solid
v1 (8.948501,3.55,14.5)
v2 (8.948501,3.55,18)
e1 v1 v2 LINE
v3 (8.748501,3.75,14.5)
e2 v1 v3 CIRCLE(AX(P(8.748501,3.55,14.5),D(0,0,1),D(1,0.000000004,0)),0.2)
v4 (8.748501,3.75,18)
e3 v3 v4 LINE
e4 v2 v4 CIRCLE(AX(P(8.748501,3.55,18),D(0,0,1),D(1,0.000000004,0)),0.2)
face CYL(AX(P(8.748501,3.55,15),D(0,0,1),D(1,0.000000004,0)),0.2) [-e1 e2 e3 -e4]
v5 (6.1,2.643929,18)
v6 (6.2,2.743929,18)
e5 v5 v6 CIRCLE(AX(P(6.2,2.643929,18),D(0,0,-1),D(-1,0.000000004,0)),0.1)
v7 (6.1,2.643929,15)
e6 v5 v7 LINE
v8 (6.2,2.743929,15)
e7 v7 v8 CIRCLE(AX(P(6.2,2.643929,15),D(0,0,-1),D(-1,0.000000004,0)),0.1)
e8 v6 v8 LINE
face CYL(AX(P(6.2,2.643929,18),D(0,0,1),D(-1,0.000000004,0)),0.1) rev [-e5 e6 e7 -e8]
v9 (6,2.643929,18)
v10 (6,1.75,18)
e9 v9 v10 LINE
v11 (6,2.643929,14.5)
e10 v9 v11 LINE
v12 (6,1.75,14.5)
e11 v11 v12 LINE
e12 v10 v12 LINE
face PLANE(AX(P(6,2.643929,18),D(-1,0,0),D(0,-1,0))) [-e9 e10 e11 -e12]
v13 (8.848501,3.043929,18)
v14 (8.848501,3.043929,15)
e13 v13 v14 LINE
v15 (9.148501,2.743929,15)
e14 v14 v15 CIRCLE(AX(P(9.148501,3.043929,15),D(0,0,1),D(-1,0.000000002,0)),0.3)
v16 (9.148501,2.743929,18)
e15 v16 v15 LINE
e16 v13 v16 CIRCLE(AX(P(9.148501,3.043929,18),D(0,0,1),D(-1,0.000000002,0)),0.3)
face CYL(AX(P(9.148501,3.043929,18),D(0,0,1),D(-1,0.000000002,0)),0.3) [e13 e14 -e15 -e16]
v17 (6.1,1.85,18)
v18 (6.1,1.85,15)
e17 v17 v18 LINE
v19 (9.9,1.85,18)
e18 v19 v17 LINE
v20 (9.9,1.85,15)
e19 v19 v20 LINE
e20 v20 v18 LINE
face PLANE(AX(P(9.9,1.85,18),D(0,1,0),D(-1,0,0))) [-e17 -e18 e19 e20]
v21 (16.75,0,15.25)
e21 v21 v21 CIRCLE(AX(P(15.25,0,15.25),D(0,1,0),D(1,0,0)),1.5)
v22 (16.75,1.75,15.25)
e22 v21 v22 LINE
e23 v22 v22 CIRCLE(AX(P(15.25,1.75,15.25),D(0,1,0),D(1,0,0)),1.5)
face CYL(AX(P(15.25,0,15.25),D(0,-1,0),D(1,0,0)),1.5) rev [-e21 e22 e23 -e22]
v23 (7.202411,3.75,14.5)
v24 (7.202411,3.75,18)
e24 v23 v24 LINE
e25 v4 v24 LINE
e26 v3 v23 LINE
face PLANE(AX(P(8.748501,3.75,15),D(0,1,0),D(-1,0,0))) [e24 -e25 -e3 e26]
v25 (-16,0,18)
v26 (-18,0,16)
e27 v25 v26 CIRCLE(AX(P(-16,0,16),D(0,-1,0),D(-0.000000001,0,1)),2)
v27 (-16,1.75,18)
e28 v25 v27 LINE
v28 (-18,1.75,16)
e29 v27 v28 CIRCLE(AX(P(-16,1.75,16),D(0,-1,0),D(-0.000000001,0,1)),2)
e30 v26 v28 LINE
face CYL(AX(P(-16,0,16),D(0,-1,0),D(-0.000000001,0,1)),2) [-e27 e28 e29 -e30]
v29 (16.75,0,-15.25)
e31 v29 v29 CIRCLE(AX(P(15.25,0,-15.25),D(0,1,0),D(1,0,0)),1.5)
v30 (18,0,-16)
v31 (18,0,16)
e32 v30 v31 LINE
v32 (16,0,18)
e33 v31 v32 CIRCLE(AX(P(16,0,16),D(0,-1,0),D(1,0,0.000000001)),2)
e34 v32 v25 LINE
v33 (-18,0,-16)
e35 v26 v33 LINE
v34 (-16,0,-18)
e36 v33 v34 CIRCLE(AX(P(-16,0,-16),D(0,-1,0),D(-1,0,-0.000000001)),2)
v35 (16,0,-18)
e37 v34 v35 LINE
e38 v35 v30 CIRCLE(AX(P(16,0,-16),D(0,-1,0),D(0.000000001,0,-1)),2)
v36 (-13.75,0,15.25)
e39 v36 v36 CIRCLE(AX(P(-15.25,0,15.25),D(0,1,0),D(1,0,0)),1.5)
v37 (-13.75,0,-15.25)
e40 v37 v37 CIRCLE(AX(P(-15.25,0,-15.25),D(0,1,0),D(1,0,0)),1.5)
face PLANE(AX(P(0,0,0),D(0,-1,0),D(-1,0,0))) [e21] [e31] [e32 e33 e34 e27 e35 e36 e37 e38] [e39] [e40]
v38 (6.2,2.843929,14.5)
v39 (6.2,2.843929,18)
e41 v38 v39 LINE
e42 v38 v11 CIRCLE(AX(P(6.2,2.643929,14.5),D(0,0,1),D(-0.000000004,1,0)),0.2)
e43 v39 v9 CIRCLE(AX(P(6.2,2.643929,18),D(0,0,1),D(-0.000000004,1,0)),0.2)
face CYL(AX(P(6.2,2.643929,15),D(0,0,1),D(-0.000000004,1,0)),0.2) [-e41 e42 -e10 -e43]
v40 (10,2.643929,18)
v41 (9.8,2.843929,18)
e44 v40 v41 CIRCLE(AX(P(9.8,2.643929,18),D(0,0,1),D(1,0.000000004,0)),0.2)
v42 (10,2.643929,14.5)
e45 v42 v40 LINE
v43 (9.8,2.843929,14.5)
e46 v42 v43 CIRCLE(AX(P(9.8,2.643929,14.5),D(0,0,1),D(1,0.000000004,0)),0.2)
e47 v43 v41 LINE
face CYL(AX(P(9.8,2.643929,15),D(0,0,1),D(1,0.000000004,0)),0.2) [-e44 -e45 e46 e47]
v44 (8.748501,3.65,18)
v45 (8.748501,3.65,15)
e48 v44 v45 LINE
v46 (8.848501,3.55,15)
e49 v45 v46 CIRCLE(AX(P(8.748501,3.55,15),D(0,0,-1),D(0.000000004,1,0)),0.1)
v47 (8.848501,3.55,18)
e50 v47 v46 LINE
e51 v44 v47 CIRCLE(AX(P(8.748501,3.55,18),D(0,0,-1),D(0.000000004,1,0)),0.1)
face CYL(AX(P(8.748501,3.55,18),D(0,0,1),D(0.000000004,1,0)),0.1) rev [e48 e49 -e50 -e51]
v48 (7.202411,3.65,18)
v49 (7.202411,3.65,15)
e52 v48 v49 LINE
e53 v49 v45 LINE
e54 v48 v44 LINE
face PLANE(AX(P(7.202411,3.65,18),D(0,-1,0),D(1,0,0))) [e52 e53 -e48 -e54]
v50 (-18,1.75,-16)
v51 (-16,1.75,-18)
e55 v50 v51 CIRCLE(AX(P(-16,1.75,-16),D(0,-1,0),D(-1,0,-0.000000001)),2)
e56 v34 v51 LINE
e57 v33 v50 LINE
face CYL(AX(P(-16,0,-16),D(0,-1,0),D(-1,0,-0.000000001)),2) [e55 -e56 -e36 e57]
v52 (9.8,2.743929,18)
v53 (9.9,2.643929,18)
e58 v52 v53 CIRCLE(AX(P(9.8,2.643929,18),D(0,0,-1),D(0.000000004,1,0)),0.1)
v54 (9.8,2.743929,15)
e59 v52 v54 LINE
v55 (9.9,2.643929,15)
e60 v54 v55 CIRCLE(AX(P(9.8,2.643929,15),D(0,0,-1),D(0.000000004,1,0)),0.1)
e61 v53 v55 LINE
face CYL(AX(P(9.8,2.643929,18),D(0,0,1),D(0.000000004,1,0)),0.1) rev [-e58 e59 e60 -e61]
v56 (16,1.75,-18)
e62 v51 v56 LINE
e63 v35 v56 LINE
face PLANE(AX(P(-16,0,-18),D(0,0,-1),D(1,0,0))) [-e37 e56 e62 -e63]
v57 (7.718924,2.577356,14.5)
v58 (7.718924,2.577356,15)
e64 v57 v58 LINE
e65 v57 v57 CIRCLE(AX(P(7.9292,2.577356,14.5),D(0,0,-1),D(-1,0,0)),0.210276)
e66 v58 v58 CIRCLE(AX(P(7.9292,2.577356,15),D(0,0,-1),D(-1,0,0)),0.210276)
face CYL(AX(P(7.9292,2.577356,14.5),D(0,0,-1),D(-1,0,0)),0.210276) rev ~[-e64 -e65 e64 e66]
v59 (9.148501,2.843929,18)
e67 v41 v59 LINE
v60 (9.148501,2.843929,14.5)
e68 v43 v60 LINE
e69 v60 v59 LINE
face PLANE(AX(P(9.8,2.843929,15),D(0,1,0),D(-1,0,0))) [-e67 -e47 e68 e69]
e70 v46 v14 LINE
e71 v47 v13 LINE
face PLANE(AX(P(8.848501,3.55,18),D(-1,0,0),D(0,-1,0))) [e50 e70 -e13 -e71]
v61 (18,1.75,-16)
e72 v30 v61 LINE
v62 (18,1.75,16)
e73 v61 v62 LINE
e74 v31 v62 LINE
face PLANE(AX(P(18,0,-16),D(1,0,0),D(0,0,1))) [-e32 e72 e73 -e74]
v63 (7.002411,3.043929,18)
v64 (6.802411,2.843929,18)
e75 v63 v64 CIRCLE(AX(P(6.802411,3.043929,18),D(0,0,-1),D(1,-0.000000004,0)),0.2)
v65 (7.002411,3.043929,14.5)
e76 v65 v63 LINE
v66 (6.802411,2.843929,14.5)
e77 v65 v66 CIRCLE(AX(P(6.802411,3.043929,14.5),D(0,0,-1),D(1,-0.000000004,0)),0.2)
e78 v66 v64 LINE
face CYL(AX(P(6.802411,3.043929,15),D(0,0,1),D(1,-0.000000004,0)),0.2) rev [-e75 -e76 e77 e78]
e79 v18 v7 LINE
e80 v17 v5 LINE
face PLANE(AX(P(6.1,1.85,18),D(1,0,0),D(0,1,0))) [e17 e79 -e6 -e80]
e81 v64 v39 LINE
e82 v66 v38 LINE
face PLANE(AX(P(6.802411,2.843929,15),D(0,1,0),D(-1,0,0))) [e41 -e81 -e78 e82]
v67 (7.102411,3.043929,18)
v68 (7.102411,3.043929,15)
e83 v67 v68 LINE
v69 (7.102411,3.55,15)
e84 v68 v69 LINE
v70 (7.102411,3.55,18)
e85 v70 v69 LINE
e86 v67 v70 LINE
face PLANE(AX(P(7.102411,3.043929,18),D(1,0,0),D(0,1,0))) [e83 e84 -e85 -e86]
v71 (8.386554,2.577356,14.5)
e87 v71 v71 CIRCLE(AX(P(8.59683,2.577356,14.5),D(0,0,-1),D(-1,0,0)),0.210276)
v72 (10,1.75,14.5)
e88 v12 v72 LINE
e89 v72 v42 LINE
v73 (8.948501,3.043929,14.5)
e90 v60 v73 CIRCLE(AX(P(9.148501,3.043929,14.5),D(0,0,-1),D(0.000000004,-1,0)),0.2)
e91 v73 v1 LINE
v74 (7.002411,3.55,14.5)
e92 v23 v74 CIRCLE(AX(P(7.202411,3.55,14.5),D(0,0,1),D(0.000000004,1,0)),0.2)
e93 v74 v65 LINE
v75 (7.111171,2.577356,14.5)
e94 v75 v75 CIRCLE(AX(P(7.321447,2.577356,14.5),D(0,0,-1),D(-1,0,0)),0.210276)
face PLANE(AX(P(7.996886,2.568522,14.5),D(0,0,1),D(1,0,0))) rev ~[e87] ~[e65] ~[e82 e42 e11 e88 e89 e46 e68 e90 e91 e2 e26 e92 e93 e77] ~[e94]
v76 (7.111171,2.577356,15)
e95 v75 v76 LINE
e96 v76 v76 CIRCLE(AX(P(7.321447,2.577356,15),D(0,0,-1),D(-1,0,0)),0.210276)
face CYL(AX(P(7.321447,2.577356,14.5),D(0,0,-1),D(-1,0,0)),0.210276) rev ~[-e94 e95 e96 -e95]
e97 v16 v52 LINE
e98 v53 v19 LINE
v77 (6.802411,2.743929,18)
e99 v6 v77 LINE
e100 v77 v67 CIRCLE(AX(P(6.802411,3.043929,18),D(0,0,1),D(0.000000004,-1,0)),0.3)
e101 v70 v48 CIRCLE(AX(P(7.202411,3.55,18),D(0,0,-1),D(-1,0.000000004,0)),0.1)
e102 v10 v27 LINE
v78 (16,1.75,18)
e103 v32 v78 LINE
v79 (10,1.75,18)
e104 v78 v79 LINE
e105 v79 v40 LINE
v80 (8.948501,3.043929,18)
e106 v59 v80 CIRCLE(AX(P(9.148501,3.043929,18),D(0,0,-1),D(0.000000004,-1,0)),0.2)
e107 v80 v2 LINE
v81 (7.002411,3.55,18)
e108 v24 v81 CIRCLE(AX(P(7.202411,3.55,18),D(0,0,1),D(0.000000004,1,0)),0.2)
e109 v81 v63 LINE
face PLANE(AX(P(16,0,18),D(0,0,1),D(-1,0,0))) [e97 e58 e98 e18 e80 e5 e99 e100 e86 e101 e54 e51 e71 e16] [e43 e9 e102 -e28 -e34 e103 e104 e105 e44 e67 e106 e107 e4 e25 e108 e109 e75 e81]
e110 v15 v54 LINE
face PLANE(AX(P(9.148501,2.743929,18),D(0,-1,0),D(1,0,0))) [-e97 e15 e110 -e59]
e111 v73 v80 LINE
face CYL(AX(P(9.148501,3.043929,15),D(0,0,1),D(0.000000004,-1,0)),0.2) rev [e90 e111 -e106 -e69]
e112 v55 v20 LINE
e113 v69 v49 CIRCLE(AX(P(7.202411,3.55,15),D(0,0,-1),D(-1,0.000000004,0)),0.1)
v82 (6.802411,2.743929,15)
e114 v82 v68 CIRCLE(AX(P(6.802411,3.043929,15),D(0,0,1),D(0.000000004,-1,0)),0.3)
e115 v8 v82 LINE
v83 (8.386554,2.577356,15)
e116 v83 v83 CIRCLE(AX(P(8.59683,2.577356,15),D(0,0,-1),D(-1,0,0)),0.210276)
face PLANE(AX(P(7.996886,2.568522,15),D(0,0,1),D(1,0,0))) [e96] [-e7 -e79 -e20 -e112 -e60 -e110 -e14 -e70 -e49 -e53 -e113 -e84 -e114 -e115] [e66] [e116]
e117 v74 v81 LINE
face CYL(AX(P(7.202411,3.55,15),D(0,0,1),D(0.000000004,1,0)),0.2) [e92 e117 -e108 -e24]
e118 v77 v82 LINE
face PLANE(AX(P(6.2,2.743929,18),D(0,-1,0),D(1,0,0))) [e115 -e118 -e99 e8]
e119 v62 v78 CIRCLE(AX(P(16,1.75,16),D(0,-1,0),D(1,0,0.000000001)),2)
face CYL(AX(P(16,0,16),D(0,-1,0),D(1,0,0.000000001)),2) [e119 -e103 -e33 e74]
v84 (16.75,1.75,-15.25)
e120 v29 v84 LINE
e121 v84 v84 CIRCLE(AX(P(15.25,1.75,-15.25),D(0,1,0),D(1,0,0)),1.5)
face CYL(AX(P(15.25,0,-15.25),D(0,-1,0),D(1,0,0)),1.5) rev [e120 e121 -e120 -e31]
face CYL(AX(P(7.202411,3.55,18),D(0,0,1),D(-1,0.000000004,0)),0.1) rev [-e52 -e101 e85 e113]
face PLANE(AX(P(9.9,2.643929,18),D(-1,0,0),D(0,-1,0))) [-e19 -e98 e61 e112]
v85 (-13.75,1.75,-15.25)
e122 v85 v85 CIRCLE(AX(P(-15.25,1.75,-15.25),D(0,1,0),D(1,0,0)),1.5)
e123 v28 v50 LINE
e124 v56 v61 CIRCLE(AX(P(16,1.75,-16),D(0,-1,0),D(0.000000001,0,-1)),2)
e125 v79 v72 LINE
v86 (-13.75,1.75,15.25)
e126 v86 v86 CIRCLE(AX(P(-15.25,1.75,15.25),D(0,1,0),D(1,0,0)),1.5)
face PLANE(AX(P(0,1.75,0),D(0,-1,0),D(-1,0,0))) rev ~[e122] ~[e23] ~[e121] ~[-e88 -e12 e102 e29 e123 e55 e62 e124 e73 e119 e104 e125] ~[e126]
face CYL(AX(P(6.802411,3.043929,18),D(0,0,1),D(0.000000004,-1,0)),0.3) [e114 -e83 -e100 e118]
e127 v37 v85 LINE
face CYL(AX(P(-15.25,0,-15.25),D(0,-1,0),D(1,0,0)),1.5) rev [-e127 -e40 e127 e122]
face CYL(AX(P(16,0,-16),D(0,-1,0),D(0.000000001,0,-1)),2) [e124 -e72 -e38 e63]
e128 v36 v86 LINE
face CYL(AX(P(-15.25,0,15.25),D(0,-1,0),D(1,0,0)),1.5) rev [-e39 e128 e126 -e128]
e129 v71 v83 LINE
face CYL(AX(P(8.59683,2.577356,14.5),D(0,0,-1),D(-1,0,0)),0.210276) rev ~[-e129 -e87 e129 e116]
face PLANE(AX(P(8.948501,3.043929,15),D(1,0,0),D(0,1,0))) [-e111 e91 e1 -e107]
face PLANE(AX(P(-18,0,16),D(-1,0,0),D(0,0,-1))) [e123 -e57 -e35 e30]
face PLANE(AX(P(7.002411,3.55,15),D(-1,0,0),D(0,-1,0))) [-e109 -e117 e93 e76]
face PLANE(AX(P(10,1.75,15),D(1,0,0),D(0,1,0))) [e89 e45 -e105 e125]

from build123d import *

# Parameters (mm, degrees)
SKETCH1_R           = 1.5
BOSS_EXTRUDE2_DEPTH = 1.75
BOSS_EXTRUDE3_DEPTH = 3
BOSS_EXTRUDE4_DEPTH = 0.5
SKETCH5_R           = 0.210276494
CUT_EXTRUDE1_DEPTH  = 0.5


with BuildPart() as part:
    # Sketch1 → Boss-Extrude2 (new body)
    with BuildSketch(Plane(origin=(0, 0, 0), x_dir=(1, 0, 0), z_dir=(0, 1, 0))):
        with BuildLine():
            Line((-16, 18), (16, 18))
            ThreePointArc((16, 18), (17.414213562, 17.414213562), (18, 16))
            Line((18, 16), (18, -16))
            ThreePointArc((18, -16), (17.414213562, -17.414213562), (16, -18))
            Line((16, -18), (-16, -18))
            ThreePointArc((-16, -18), (-17.414213562, -17.414213562), (-18, -16))
            Line((-18, -16), (-18, 16))
            ThreePointArc((-18, 16), (-17.414213562, 17.414213562), (-16, 18))
        make_face()
        with Locations((-15.25, 15.25)):
            Circle(SKETCH1_R, mode=Mode.SUBTRACT)
        with Locations((15.25, 15.25)):
            Circle(SKETCH1_R, mode=Mode.SUBTRACT)
        with Locations((15.25, -15.25)):
            Circle(SKETCH1_R, mode=Mode.SUBTRACT)
        with Locations((-15.25, -15.25)):
            Circle(SKETCH1_R, mode=Mode.SUBTRACT)
    extrude(amount=BOSS_EXTRUDE2_DEPTH)

    # Sketch3 → Boss-Extrude3 (add)
    with BuildSketch(Plane.XY.offset(18)):
        with BuildLine():
            Line((6, 1.75), (10, 1.75))
            Line((10, 1.75), (10, 2.643928524))
            ThreePointArc((10, 2.643928524), (9.941421356, 2.78534988), (9.8, 2.843928524))
            Line((9.8, 2.843928524), (9.148500836, 2.843928524))
            ThreePointArc((9.148500836, 2.843928524), (9.007079479, 2.902507168), (8.948500836, 3.043928524))
            Line((8.948500836, 3.043928524), (8.948500836, 3.55))
            ThreePointArc((8.948500836, 3.55), (8.889922192, 3.691421356), (8.748500836, 3.75))
            Line((8.748500836, 3.75), (7.202410951, 3.75))
            ThreePointArc((7.202410951, 3.75), (7.060989594, 3.691421356), (7.002410951, 3.55))
            Line((7.002410951, 3.55), (7.002410951, 3.043928524))
            ThreePointArc((7.002410951, 3.043928524), (6.943832307, 2.902507168), (6.802410951, 2.843928524))
            Line((6.802410951, 2.843928524), (6.2, 2.843928524))
            ThreePointArc((6.2, 2.843928524), (6.058578644, 2.78534988), (6, 2.643928524))
            Line((6, 2.643928524), (6, 1.75))
        make_face()
        with BuildLine():
            Line((6.1, 1.85), (6.1, 2.643928524))
            ThreePointArc((6.1, 2.643928524), (6.129289322, 2.714639202), (6.2, 2.743928524))
            Line((6.2, 2.743928524), (6.802410951, 2.743928524))
            ThreePointArc((6.802410951, 2.743928524), (7.014542985, 2.83179649), (7.102410951, 3.043928524))
            Line((7.102410951, 3.043928524), (7.102410951, 3.55))
            ThreePointArc((7.102410951, 3.55), (7.131700273, 3.620710678), (7.202410951, 3.65))
            Line((7.202410951, 3.65), (8.748500836, 3.65))
            ThreePointArc((8.748500836, 3.65), (8.819211514, 3.620710678), (8.848500836, 3.55))
            Line((8.848500836, 3.55), (8.848500836, 3.043928524))
            ThreePointArc((8.848500836, 3.043928524), (8.936368801, 2.83179649), (9.148500836, 2.743928524))
            Line((9.148500836, 2.743928524), (9.8, 2.743928524))
            ThreePointArc((9.8, 2.743928524), (9.870710678, 2.714639202), (9.9, 2.643928524))
            Line((9.9, 2.643928524), (9.9, 1.85))
            Line((9.9, 1.85), (6.1, 1.85))
        make_face(mode=Mode.SUBTRACT)
    extrude(amount=-BOSS_EXTRUDE3_DEPTH)

    # Sketch4 → Boss-Extrude4 (add)
    with BuildSketch(Plane(origin=(0, 0, 15), x_dir=(-1, 0, 0), z_dir=(0, 0, -1))):
        with BuildLine():
            Line((-6, 1.75), (-10, 1.75))
            Line((-10, 1.75), (-10, 2.643928524))
            ThreePointArc((-10, 2.643928524), (-9.941421356, 2.78534988), (-9.8, 2.843928524))
            Line((-9.8, 2.843928524), (-9.148500836, 2.843928524))
            ThreePointArc((-9.148500836, 2.843928524), (-9.007079479, 2.902507168), (-8.948500836, 3.043928524))
            Line((-8.948500836, 3.043928524), (-8.948500836, 3.55))
            ThreePointArc((-8.948500836, 3.55), (-8.889922192, 3.691421356), (-8.748500836, 3.75))
            Line((-8.748500836, 3.75), (-7.202410951, 3.75))
            ThreePointArc((-7.202410951, 3.75), (-7.060989594, 3.691421356), (-7.002410951, 3.55))
            Line((-7.002410951, 3.55), (-7.002410951, 3.043928524))
            ThreePointArc((-7.002410951, 3.043928524), (-6.943832307, 2.902507168), (-6.802410951, 2.843928524))
            Line((-6.802410951, 2.843928524), (-6.2, 2.843928524))
            ThreePointArc((-6.2, 2.843928524), (-6.058578644, 2.78534988), (-6, 2.643928524))
            Line((-6, 2.643928524), (-6, 1.75))
        make_face()
    extrude(amount=BOSS_EXTRUDE4_DEPTH)

    # Sketch5 → Cut-Extrude1 (cut)
    with BuildSketch(Plane(origin=(0, 0, 14.5), x_dir=(-1, 0, 0), z_dir=(0, 0, -1))):
        with Locations((-8.596830264, 2.577355932)):
            Circle(SKETCH5_R)
        with Locations((-7.929200441, 2.577355932)):
            Circle(SKETCH5_R)
        with Locations((-7.321447194, 2.577355932)):
            Circle(SKETCH5_R)
    extrude(amount=-CUT_EXTRUDE1_DEPTH, mode=Mode.SUBTRACT)


solid = part.part
